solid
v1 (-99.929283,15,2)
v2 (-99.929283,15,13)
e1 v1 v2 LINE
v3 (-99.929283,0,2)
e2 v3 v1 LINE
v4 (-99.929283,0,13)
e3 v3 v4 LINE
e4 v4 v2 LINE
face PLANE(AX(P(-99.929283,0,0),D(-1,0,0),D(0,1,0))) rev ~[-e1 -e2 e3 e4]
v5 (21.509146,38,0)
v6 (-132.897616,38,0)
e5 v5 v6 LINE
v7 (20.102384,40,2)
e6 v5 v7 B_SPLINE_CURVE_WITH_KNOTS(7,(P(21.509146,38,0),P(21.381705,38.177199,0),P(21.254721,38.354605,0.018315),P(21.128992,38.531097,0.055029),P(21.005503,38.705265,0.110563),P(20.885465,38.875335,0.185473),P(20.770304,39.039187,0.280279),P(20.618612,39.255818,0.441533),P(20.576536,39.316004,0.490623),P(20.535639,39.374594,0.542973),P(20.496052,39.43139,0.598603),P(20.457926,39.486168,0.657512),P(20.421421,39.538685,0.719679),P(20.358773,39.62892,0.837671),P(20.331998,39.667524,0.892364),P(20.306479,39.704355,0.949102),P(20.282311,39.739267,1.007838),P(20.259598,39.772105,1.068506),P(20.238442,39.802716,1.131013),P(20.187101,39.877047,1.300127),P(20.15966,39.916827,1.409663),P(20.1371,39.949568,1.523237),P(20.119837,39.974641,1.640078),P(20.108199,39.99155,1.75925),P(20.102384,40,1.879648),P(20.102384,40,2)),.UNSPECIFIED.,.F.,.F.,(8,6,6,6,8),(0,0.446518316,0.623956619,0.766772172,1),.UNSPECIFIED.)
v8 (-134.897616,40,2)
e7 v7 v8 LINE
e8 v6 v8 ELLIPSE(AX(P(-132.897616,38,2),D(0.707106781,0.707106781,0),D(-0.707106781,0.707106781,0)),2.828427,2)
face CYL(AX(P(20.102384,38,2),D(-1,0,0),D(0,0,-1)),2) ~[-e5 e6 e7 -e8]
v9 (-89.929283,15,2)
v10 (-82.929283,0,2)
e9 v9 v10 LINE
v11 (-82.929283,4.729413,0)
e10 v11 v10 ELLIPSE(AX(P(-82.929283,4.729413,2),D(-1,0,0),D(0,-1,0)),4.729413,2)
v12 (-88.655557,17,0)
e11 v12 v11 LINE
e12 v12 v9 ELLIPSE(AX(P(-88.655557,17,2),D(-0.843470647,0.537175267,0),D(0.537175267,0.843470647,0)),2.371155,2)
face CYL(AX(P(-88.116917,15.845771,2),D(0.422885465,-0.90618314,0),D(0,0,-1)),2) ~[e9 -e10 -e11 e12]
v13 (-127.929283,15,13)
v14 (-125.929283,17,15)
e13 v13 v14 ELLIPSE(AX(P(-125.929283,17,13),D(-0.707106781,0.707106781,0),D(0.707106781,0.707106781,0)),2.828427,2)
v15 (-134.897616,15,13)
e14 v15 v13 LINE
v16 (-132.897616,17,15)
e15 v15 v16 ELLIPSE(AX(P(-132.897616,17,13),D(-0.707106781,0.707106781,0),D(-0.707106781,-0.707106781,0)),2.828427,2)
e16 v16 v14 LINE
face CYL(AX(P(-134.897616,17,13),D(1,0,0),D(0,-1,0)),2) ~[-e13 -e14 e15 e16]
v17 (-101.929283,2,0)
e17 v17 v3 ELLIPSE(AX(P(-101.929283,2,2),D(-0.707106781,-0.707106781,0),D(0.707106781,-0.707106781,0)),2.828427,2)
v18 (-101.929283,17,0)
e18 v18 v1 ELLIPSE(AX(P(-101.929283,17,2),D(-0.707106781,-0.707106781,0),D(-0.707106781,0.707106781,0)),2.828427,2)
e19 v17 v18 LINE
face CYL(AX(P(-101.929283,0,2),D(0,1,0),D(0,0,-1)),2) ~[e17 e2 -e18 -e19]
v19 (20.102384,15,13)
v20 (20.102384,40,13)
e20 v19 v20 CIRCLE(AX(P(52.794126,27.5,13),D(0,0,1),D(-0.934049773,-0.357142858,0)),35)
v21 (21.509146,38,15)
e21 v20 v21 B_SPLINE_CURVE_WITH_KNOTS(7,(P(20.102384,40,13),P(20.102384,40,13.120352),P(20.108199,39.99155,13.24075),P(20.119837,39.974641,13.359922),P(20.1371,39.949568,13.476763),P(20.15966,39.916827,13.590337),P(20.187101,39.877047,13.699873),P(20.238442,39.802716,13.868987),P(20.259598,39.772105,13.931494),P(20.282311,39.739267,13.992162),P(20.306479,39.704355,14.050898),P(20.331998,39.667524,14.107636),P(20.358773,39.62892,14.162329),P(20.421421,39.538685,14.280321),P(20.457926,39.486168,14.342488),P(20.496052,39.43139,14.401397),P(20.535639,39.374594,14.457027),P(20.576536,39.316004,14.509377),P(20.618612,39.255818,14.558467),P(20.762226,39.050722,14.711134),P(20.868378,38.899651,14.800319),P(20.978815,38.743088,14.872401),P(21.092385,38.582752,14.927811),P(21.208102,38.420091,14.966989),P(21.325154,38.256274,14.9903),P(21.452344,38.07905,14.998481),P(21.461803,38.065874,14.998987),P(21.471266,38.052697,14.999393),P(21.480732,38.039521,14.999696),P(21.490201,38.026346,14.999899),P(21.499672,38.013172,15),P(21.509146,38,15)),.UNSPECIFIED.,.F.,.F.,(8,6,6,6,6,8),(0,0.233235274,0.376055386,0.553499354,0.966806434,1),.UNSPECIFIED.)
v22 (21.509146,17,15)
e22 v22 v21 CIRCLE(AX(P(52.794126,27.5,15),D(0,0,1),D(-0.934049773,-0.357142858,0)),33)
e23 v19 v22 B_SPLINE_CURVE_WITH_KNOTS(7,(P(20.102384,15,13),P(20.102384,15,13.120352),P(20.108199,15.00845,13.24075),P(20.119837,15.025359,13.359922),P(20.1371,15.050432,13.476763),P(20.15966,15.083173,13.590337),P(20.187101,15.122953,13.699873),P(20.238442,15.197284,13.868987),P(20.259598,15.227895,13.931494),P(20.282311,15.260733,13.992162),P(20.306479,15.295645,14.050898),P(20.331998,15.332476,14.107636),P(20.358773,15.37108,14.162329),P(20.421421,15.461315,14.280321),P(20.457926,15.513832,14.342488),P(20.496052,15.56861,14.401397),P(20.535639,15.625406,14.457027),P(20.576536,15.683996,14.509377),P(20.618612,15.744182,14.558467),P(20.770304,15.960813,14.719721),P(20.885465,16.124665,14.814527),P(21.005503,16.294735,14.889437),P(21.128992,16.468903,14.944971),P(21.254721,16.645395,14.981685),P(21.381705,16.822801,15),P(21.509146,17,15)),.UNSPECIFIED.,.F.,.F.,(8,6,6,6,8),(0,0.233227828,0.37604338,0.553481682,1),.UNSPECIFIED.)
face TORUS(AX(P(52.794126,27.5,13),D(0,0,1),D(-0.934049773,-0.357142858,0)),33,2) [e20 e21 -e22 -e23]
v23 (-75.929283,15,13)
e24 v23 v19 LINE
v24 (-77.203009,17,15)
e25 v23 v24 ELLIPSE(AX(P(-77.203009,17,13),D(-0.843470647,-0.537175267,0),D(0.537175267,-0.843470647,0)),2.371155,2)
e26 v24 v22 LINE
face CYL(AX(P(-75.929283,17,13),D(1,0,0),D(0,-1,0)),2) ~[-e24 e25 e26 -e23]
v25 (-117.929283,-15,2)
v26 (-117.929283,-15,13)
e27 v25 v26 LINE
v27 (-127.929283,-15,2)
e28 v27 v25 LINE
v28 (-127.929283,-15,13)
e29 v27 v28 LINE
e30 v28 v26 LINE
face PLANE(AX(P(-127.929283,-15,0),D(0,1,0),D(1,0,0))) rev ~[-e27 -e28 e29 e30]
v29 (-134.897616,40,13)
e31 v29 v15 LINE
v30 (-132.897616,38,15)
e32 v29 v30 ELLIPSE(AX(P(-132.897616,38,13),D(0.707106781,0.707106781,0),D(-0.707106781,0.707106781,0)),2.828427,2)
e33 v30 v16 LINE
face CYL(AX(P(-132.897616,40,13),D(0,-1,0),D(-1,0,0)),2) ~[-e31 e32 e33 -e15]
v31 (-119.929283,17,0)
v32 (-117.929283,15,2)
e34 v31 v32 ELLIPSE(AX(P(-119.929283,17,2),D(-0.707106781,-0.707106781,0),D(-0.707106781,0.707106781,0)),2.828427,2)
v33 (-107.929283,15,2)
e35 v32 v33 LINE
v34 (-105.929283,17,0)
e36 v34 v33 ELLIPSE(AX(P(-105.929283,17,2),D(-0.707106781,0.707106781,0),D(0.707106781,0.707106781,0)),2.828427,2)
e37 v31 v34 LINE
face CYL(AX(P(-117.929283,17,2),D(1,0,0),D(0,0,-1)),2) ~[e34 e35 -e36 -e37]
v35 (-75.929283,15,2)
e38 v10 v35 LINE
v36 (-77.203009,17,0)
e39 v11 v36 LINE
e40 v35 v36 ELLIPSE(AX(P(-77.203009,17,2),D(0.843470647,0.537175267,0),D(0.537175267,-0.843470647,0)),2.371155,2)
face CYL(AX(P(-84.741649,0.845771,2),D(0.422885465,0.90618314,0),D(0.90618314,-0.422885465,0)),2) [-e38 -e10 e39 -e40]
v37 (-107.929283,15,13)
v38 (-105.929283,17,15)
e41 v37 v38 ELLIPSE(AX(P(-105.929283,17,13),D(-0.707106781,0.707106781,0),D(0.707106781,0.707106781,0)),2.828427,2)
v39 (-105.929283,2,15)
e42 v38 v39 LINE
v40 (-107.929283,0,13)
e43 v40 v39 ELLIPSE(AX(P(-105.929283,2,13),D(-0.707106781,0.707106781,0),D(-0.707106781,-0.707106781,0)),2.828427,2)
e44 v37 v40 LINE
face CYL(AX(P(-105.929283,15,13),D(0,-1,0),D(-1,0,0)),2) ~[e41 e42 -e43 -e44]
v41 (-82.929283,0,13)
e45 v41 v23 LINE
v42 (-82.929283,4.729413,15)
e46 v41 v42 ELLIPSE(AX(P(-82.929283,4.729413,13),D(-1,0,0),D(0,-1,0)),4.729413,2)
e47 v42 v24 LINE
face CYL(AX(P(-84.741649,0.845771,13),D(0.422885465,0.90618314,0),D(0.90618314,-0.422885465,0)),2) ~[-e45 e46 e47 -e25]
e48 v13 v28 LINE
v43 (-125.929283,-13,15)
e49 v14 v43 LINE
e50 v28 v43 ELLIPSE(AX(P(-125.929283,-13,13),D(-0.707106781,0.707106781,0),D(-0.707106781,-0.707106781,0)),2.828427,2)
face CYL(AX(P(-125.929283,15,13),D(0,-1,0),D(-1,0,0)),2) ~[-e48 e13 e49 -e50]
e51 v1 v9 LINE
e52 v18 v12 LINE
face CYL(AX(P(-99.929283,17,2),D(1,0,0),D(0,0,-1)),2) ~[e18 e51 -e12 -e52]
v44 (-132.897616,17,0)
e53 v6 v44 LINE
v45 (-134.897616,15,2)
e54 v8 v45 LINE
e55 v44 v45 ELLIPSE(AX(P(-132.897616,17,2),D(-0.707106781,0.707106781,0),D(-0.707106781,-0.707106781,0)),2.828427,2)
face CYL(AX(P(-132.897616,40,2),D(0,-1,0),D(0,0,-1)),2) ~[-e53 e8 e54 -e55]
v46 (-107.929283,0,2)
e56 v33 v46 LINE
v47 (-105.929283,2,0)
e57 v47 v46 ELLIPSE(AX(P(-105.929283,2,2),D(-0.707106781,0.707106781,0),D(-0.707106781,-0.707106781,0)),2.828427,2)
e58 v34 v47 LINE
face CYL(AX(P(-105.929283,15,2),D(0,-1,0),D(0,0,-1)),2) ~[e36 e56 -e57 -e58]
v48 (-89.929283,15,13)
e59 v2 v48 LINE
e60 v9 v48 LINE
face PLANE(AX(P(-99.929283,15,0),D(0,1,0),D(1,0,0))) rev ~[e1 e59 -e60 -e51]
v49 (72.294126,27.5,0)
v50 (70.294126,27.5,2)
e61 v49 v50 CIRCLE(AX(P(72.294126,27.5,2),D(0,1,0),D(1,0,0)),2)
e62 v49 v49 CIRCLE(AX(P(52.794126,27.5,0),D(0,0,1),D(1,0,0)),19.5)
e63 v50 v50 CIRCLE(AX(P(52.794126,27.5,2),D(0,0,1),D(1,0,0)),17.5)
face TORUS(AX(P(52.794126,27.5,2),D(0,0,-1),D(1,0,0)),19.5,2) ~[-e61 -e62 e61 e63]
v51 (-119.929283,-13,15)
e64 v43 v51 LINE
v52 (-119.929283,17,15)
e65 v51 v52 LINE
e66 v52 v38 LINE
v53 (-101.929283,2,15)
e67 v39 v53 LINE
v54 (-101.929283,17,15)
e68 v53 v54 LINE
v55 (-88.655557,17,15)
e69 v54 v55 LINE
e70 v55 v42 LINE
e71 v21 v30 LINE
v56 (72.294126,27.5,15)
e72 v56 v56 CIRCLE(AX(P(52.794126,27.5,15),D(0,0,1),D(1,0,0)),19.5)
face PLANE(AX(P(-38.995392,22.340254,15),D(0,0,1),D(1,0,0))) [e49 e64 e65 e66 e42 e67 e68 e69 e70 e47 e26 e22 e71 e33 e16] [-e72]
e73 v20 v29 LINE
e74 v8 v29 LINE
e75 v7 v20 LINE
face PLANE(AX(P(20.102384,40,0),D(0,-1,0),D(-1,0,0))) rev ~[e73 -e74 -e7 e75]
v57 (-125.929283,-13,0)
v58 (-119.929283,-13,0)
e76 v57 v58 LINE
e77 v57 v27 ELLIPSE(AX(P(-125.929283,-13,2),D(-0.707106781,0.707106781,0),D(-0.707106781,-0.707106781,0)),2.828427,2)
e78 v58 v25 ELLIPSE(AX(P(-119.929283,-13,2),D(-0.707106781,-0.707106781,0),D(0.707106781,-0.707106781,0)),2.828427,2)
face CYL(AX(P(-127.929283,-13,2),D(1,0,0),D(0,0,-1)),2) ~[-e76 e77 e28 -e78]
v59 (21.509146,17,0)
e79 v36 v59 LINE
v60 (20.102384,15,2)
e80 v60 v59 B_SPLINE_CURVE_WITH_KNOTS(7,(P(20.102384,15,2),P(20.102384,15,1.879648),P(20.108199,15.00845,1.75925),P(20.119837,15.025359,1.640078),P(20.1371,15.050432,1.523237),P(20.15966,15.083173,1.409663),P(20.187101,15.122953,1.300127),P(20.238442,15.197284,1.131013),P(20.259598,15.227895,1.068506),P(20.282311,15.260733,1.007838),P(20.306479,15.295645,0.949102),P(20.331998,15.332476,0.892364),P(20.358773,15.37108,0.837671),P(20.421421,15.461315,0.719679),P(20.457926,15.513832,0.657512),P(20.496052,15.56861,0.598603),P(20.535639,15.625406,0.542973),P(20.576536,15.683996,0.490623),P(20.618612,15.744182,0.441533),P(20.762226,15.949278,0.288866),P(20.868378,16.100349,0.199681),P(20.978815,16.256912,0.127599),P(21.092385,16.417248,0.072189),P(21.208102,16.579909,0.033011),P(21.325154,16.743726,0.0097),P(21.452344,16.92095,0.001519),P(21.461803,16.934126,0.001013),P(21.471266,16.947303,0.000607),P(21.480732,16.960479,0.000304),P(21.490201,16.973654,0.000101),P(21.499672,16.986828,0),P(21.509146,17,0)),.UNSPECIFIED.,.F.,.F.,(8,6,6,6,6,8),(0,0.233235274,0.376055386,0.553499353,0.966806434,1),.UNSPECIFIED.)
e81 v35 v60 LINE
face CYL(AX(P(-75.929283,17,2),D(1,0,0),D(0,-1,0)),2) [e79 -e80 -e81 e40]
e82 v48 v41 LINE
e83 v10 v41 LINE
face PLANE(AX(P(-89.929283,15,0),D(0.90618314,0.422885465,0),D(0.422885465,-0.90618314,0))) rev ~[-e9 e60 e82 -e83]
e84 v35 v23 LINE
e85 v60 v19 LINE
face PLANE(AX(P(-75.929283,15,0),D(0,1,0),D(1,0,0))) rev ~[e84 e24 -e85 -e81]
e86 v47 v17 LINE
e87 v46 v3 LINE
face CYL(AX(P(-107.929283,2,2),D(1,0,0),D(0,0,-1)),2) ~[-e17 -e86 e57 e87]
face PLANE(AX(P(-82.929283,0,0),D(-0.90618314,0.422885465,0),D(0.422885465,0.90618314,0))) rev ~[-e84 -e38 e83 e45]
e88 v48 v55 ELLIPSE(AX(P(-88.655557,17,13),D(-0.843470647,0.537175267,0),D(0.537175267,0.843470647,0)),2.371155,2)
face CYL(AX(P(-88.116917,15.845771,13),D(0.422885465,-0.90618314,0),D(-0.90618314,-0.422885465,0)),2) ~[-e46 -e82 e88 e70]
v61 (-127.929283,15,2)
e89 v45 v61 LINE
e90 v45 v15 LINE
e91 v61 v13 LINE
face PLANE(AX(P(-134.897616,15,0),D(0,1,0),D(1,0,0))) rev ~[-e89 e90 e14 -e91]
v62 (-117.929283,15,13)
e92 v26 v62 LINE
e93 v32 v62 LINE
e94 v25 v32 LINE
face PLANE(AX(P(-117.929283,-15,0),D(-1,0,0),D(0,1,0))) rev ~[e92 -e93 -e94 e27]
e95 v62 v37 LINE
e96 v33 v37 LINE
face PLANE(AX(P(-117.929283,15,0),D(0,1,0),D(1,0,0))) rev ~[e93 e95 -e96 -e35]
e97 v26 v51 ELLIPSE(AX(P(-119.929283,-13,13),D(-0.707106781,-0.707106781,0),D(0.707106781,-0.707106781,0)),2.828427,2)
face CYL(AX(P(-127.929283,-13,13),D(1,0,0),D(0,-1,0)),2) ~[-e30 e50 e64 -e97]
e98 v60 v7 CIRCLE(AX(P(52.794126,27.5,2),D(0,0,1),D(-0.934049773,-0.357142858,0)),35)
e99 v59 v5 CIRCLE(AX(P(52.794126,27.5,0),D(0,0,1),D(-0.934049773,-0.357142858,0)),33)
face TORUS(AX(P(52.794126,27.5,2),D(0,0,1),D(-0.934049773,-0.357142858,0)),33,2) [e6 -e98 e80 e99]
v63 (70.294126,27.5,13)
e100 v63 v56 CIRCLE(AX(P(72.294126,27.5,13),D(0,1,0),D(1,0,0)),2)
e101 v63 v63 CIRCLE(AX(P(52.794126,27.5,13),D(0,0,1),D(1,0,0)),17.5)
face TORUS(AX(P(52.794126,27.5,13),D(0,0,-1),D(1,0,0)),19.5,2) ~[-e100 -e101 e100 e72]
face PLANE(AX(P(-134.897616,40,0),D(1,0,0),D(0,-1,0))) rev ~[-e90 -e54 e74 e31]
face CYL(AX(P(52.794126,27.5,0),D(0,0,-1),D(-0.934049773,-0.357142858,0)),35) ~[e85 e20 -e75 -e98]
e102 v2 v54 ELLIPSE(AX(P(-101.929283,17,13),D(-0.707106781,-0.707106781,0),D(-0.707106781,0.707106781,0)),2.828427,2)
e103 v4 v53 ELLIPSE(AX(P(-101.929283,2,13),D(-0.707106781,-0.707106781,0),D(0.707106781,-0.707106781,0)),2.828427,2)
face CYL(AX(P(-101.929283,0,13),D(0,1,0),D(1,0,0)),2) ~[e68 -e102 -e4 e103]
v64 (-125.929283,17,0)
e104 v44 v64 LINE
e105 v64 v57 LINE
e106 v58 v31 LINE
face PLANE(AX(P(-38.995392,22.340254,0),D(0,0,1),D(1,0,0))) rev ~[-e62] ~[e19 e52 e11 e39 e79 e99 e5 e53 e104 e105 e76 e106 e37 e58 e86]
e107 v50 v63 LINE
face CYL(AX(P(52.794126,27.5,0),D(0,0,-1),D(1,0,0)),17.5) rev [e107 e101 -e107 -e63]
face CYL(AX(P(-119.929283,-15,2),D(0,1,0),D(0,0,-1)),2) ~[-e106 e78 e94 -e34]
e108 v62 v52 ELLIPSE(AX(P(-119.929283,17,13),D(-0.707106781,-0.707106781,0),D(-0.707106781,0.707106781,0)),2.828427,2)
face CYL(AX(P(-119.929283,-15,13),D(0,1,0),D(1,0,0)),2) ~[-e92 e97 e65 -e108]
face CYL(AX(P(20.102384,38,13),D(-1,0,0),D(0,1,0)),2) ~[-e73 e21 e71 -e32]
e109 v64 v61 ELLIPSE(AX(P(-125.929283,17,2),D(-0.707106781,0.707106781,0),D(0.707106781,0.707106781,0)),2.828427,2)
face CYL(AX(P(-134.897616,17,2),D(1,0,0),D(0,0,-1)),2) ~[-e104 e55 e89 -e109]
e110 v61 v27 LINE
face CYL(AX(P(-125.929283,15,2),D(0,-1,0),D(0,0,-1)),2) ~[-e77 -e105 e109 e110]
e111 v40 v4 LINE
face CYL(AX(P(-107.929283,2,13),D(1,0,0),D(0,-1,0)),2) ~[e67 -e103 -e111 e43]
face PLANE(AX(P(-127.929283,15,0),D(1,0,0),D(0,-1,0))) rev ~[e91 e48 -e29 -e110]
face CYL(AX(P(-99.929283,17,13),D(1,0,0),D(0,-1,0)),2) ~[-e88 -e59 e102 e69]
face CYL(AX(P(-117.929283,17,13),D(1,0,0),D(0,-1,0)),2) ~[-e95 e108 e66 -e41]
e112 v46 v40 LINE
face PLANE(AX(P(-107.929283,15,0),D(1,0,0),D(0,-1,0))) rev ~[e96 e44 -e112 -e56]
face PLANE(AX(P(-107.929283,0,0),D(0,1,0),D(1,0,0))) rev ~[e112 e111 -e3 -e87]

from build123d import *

# Parameters (mm, degrees)
F0_R     = 17.5
F1_DEPTH = 15
F2_R     = 2
F3_R     = 2


with BuildPart() as f1:
    # F0 (on Top) → F1 (new body)
    with BuildSketch(Plane.XY):
        with BuildLine():
            Line((-75.929283, 15), (20.102384, 15))
            ThreePointArc((20.102384, 15), (87.794126, 27.5), (20.102384, 40))
            Line((20.102384, 40), (-134.897616, 40))
            Line((-134.897616, 40), (-134.897616, 15))
            Line((-134.897616, 15), (-127.929283, 15))
            Line((-127.929283, 15), (-127.929283, -15))
            Line((-127.929283, -15), (-117.929283, -15))
            Line((-117.929283, -15), (-117.929283, 15))
            Line((-117.929283, 15), (-107.929283, 15))
            Line((-107.929283, 15), (-107.929283, 0))
            Line((-107.929283, 0), (-99.929283, 0))
            Line((-99.929283, 0), (-99.929283, 15))
            Line((-99.929283, 15), (-89.929283, 15))
            Line((-89.929283, 15), (-82.929283, 0))
            Line((-82.929283, 0), (-75.929283, 15))
        make_face()
        with Locations((52.794126, 27.5)):
            Circle(F0_R, mode=Mode.SUBTRACT)
    extrude(amount=F1_DEPTH)

    # F2
    f2_edges = [f1.edges().sort_by_distance(p)[0] for p in [
        (-27.913449, 15, 15),
        (87.794126, 27.5, 15),
        (-57.397616, 40, 15),
        (-134.897616, 27.5, 15),
        (-131.413449, 15, 15),
        (-127.929283, 0, 15),
        (-122.929283, -15, 15),
        (-117.929283, 0, 15),
        (-112.929283, 15, 15),
        (-107.929283, 7.5, 15),
        (-103.929283, 0, 15),
        (-99.929283, 7.5, 15),
        (-94.929283, 15, 15),
        (-86.429283, 7.5, 15),
        (-79.429283, 7.5, 15),
        (35.294126, 27.5, 15),
    ]]
    fillet(f2_edges, radius=F2_R)

    # F3
    f3_edges = [f1.edges().sort_by_distance(p)[0] for p in [
        (-27.913449, 15, 0),
        (87.794126, 27.5, 0),
        (-57.397616, 40, 0),
        (-134.897616, 27.5, 0),
        (-131.413449, 15, 0),
        (-127.929283, 0, 0),
        (-122.929283, -15, 0),
        (-117.929283, 0, 0),
        (-112.929283, 15, 0),
        (-107.929283, 7.5, 0),
        (-103.929283, 0, 0),
        (-99.929283, 7.5, 0),
        (-94.929283, 15, 0),
        (-86.429283, 7.5, 0),
        (-79.429283, 7.5, 0),
        (35.294126, 27.5, 0),
    ]]
    fillet(f3_edges, radius=F3_R)


solid = f1.part
